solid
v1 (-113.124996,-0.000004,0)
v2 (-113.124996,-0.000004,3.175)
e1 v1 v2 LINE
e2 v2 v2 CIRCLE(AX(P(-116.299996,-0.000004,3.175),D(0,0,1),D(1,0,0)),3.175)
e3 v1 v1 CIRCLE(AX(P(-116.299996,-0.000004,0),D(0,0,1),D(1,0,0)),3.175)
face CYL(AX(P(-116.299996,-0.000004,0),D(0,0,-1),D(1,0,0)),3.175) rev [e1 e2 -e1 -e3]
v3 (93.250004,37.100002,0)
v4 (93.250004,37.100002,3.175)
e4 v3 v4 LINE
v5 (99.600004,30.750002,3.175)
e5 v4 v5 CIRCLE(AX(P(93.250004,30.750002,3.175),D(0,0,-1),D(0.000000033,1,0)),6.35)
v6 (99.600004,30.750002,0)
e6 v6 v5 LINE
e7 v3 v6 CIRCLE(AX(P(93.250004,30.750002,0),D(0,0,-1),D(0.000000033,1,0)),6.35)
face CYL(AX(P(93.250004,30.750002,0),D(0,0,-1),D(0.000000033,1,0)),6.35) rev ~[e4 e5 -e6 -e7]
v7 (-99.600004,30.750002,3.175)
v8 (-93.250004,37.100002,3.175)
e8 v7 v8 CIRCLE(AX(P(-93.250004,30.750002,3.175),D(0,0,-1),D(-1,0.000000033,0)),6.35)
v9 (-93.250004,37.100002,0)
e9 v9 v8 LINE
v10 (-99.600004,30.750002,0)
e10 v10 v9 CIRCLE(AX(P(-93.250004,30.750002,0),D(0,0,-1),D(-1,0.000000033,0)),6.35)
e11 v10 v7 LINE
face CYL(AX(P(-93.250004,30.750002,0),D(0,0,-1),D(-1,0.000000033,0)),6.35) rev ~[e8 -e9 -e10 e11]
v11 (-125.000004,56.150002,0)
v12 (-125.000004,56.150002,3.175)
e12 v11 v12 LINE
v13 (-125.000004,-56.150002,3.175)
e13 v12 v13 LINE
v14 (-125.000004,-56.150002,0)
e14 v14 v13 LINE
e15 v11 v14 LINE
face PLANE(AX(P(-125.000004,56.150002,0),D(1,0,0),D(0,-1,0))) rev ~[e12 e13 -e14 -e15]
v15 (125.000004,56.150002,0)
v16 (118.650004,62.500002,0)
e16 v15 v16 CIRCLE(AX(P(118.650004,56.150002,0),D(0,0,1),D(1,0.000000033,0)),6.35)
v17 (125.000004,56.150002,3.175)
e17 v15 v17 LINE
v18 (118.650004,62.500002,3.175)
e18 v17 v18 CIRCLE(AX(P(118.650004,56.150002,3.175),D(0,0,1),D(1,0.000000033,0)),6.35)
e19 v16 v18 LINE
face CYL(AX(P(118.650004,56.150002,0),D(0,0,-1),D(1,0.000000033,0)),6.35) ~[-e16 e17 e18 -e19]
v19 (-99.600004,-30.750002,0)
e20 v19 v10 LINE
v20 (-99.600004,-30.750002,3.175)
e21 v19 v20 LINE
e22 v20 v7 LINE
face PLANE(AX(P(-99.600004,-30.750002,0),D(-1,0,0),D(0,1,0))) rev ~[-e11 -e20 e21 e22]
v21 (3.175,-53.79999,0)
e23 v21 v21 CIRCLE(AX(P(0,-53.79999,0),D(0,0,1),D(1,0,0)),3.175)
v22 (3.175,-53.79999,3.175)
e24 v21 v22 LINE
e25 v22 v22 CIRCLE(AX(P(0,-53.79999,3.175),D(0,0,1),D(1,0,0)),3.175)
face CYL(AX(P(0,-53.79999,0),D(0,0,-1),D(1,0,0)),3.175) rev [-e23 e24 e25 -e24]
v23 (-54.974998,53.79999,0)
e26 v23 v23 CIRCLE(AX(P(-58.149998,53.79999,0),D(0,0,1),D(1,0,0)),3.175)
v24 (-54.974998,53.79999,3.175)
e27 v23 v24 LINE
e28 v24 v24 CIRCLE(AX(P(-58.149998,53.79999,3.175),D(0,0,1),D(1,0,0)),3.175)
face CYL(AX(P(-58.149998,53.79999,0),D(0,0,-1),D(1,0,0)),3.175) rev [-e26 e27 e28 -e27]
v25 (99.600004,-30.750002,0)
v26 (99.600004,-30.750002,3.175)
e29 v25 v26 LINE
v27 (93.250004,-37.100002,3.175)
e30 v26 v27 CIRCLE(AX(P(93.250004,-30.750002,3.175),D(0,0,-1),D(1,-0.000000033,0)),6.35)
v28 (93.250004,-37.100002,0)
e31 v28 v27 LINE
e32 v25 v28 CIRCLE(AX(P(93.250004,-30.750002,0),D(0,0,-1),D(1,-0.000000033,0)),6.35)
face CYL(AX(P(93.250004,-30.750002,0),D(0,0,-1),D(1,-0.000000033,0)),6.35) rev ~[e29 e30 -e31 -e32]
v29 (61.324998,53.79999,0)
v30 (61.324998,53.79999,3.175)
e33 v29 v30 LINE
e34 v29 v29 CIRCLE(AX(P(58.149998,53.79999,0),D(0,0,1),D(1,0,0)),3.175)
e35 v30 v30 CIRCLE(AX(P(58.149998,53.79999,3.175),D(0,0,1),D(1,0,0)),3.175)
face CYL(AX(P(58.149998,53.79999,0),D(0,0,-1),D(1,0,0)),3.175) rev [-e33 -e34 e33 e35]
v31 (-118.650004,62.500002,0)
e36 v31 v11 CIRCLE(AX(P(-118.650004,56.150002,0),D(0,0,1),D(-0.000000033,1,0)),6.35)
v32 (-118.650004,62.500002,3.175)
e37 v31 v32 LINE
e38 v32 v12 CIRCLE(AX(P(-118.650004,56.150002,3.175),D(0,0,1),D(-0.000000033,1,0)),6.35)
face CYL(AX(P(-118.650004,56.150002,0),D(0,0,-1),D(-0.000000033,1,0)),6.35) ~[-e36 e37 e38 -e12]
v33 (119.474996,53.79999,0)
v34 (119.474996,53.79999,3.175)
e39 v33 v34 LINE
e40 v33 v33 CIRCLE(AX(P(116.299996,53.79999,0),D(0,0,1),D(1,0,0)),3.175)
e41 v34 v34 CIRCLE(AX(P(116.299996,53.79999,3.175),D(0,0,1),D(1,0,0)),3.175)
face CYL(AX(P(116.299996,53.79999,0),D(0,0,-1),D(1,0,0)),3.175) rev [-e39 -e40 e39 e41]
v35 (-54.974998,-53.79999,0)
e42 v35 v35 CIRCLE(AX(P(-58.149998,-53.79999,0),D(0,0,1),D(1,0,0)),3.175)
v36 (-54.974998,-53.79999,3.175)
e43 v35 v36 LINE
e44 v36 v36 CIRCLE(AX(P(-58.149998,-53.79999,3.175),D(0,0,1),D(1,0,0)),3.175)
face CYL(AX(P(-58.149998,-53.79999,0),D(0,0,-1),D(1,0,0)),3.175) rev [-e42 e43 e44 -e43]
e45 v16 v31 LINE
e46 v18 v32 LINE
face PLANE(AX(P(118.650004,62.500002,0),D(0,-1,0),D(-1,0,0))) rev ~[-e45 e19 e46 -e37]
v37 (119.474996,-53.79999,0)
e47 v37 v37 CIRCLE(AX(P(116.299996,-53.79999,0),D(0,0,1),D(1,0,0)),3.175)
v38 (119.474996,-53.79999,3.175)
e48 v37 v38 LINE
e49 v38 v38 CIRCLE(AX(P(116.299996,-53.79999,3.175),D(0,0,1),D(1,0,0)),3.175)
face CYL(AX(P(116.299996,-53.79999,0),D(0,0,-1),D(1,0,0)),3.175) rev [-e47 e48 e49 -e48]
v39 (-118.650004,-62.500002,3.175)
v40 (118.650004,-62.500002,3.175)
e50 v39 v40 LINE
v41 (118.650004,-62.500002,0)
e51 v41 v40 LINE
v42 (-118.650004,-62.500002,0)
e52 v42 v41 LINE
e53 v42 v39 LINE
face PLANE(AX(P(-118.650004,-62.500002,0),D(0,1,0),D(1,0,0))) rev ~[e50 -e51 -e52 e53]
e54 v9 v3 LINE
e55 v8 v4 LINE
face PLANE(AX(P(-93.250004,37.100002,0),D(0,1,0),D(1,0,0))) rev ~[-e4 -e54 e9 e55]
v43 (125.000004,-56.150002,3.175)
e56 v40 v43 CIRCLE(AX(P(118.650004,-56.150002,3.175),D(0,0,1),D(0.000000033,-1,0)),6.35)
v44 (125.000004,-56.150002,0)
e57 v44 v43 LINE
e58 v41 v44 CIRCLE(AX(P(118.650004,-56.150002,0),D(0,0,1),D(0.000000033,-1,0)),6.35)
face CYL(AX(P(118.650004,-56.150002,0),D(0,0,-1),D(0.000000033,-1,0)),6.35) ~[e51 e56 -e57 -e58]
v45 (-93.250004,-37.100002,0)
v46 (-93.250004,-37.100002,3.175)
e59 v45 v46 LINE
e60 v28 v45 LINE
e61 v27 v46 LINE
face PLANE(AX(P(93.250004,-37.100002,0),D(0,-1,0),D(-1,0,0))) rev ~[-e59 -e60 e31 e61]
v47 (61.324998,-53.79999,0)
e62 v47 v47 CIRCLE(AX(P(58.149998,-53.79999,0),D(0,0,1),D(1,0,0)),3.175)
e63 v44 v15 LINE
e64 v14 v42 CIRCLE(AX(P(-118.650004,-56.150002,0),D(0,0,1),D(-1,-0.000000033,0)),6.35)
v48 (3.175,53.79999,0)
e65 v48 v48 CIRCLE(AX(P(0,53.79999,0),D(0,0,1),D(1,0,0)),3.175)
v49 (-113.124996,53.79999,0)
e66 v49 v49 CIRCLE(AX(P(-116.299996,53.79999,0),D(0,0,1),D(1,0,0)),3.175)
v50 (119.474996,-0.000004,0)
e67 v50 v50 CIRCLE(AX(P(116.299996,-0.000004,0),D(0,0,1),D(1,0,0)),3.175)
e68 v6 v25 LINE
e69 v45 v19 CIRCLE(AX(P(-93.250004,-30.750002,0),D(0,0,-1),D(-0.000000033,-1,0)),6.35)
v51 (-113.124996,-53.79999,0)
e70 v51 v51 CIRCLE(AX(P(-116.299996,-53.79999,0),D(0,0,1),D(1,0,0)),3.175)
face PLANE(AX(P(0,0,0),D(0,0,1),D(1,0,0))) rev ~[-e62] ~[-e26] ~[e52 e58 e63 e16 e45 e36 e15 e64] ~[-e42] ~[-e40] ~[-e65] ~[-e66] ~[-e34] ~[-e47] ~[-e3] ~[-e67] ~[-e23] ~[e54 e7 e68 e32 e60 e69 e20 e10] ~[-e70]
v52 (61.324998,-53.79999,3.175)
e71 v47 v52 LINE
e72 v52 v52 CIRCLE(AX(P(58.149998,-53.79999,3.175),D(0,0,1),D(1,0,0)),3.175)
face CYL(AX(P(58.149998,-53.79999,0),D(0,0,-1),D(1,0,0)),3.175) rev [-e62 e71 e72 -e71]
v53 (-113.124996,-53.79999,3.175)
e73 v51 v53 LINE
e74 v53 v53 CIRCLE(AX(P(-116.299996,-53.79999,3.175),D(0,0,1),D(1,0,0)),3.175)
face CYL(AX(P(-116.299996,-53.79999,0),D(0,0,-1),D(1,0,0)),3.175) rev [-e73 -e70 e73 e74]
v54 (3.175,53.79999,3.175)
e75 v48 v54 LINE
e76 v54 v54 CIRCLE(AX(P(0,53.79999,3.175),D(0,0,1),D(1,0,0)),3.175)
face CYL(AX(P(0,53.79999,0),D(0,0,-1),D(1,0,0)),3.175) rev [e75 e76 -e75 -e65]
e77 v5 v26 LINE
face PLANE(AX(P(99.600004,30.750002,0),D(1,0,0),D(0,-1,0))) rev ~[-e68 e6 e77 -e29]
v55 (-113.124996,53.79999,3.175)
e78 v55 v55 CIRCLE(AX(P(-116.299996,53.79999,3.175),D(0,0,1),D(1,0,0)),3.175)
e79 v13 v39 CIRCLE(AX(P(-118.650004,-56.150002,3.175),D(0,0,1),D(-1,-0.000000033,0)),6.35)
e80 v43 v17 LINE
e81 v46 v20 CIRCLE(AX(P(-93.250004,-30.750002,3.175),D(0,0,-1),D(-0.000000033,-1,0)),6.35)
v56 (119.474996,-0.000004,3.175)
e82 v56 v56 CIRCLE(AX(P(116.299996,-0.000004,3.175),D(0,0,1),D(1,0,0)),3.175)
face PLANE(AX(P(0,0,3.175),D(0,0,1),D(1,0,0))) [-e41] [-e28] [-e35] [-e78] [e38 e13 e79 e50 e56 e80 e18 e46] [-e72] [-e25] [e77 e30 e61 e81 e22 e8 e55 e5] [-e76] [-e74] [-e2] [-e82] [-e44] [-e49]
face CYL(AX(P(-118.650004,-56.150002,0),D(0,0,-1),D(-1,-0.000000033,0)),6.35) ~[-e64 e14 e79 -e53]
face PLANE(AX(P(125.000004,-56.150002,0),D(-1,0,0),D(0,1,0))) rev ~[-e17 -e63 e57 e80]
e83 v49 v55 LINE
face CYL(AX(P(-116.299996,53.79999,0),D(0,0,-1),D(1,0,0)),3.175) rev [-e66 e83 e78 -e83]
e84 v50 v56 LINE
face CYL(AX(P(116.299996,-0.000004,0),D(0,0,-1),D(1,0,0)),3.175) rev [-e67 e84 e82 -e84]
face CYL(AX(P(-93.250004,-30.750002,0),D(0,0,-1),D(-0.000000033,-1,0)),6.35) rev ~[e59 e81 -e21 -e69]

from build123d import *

# Parameters (mm, degrees)
F0_R     = 3.175
F1_DEPTH = 3.175


with BuildPart() as f1:
    # F0 (on Top) → F1 (new body)
    with BuildSketch(Plane.XY):
        with BuildLine():
            Line((118.650004, 62.500002), (-118.650004, 62.500002))
            ThreePointArc((-118.650004, 62.500002), (-123.140132, 60.64013), (-125.000004, 56.150002))
            Line((-125.000004, 56.150002), (-125.000004, -56.150002))
            ThreePointArc((-125.000004, -56.150002), (-123.140132, -60.64013), (-118.650004, -62.500002))
            Line((-118.650004, -62.500002), (118.650004, -62.500002))
            ThreePointArc((118.650004, -62.500002), (123.140132, -60.64013), (125.000004, -56.150002))
            Line((125.000004, -56.150002), (125.000004, 56.150002))
            ThreePointArc((125.000004, 56.150002), (123.140132, 60.64013), (118.650004, 62.500002))
        make_face()
        with Locations((-116.299996, -53.79999)):
            Circle(F0_R, mode=Mode.SUBTRACT)
        with Locations((-58.149998, -53.79999)):
            Circle(F0_R, mode=Mode.SUBTRACT)
        with Locations((-116.299996, -4e-06)):
            Circle(F0_R, mode=Mode.SUBTRACT)
        with Locations((0, -53.79999)):
            Circle(F0_R, mode=Mode.SUBTRACT)
        with Locations((58.149998, -53.79999)):
            Circle(F0_R, mode=Mode.SUBTRACT)
        with Locations((116.299996, -53.79999)):
            Circle(F0_R, mode=Mode.SUBTRACT)
        with Locations((116.299996, -4e-06)):
            Circle(F0_R, mode=Mode.SUBTRACT)
        with Locations((-116.299996, 53.79999)):
            Circle(F0_R, mode=Mode.SUBTRACT)
        with Locations((-58.149998, 53.79999)):
            Circle(F0_R, mode=Mode.SUBTRACT)
        with BuildLine():
            ThreePointArc((-99.600004, 30.750002), (-97.740132, 35.24013), (-93.250004, 37.100002))
            Line((-93.250004, 37.100002), (93.250004, 37.100002))
            ThreePointArc((93.250004, 37.100002), (97.740132, 35.24013), (99.600004, 30.750002))
            Line((99.600004, 30.750002), (99.600004, -30.750002))
            ThreePointArc((99.600004, -30.750002), (97.740132, -35.24013), (93.250004, -37.100002))
            Line((93.250004, -37.100002), (-93.250004, -37.100002))
            ThreePointArc((-93.250004, -37.100002), (-97.740132, -35.24013), (-99.600004, -30.750002))
            Line((-99.600004, -30.750002), (-99.600004, 30.750002))
        make_face(mode=Mode.SUBTRACT)
        with Locations((0, 53.79999)):
            Circle(F0_R, mode=Mode.SUBTRACT)
        with Locations((58.149998, 53.79999)):
            Circle(F0_R, mode=Mode.SUBTRACT)
        with Locations((116.299996, 53.79999)):
            Circle(F0_R, mode=Mode.SUBTRACT)
    extrude(amount=F1_DEPTH)


solid = f1.part
